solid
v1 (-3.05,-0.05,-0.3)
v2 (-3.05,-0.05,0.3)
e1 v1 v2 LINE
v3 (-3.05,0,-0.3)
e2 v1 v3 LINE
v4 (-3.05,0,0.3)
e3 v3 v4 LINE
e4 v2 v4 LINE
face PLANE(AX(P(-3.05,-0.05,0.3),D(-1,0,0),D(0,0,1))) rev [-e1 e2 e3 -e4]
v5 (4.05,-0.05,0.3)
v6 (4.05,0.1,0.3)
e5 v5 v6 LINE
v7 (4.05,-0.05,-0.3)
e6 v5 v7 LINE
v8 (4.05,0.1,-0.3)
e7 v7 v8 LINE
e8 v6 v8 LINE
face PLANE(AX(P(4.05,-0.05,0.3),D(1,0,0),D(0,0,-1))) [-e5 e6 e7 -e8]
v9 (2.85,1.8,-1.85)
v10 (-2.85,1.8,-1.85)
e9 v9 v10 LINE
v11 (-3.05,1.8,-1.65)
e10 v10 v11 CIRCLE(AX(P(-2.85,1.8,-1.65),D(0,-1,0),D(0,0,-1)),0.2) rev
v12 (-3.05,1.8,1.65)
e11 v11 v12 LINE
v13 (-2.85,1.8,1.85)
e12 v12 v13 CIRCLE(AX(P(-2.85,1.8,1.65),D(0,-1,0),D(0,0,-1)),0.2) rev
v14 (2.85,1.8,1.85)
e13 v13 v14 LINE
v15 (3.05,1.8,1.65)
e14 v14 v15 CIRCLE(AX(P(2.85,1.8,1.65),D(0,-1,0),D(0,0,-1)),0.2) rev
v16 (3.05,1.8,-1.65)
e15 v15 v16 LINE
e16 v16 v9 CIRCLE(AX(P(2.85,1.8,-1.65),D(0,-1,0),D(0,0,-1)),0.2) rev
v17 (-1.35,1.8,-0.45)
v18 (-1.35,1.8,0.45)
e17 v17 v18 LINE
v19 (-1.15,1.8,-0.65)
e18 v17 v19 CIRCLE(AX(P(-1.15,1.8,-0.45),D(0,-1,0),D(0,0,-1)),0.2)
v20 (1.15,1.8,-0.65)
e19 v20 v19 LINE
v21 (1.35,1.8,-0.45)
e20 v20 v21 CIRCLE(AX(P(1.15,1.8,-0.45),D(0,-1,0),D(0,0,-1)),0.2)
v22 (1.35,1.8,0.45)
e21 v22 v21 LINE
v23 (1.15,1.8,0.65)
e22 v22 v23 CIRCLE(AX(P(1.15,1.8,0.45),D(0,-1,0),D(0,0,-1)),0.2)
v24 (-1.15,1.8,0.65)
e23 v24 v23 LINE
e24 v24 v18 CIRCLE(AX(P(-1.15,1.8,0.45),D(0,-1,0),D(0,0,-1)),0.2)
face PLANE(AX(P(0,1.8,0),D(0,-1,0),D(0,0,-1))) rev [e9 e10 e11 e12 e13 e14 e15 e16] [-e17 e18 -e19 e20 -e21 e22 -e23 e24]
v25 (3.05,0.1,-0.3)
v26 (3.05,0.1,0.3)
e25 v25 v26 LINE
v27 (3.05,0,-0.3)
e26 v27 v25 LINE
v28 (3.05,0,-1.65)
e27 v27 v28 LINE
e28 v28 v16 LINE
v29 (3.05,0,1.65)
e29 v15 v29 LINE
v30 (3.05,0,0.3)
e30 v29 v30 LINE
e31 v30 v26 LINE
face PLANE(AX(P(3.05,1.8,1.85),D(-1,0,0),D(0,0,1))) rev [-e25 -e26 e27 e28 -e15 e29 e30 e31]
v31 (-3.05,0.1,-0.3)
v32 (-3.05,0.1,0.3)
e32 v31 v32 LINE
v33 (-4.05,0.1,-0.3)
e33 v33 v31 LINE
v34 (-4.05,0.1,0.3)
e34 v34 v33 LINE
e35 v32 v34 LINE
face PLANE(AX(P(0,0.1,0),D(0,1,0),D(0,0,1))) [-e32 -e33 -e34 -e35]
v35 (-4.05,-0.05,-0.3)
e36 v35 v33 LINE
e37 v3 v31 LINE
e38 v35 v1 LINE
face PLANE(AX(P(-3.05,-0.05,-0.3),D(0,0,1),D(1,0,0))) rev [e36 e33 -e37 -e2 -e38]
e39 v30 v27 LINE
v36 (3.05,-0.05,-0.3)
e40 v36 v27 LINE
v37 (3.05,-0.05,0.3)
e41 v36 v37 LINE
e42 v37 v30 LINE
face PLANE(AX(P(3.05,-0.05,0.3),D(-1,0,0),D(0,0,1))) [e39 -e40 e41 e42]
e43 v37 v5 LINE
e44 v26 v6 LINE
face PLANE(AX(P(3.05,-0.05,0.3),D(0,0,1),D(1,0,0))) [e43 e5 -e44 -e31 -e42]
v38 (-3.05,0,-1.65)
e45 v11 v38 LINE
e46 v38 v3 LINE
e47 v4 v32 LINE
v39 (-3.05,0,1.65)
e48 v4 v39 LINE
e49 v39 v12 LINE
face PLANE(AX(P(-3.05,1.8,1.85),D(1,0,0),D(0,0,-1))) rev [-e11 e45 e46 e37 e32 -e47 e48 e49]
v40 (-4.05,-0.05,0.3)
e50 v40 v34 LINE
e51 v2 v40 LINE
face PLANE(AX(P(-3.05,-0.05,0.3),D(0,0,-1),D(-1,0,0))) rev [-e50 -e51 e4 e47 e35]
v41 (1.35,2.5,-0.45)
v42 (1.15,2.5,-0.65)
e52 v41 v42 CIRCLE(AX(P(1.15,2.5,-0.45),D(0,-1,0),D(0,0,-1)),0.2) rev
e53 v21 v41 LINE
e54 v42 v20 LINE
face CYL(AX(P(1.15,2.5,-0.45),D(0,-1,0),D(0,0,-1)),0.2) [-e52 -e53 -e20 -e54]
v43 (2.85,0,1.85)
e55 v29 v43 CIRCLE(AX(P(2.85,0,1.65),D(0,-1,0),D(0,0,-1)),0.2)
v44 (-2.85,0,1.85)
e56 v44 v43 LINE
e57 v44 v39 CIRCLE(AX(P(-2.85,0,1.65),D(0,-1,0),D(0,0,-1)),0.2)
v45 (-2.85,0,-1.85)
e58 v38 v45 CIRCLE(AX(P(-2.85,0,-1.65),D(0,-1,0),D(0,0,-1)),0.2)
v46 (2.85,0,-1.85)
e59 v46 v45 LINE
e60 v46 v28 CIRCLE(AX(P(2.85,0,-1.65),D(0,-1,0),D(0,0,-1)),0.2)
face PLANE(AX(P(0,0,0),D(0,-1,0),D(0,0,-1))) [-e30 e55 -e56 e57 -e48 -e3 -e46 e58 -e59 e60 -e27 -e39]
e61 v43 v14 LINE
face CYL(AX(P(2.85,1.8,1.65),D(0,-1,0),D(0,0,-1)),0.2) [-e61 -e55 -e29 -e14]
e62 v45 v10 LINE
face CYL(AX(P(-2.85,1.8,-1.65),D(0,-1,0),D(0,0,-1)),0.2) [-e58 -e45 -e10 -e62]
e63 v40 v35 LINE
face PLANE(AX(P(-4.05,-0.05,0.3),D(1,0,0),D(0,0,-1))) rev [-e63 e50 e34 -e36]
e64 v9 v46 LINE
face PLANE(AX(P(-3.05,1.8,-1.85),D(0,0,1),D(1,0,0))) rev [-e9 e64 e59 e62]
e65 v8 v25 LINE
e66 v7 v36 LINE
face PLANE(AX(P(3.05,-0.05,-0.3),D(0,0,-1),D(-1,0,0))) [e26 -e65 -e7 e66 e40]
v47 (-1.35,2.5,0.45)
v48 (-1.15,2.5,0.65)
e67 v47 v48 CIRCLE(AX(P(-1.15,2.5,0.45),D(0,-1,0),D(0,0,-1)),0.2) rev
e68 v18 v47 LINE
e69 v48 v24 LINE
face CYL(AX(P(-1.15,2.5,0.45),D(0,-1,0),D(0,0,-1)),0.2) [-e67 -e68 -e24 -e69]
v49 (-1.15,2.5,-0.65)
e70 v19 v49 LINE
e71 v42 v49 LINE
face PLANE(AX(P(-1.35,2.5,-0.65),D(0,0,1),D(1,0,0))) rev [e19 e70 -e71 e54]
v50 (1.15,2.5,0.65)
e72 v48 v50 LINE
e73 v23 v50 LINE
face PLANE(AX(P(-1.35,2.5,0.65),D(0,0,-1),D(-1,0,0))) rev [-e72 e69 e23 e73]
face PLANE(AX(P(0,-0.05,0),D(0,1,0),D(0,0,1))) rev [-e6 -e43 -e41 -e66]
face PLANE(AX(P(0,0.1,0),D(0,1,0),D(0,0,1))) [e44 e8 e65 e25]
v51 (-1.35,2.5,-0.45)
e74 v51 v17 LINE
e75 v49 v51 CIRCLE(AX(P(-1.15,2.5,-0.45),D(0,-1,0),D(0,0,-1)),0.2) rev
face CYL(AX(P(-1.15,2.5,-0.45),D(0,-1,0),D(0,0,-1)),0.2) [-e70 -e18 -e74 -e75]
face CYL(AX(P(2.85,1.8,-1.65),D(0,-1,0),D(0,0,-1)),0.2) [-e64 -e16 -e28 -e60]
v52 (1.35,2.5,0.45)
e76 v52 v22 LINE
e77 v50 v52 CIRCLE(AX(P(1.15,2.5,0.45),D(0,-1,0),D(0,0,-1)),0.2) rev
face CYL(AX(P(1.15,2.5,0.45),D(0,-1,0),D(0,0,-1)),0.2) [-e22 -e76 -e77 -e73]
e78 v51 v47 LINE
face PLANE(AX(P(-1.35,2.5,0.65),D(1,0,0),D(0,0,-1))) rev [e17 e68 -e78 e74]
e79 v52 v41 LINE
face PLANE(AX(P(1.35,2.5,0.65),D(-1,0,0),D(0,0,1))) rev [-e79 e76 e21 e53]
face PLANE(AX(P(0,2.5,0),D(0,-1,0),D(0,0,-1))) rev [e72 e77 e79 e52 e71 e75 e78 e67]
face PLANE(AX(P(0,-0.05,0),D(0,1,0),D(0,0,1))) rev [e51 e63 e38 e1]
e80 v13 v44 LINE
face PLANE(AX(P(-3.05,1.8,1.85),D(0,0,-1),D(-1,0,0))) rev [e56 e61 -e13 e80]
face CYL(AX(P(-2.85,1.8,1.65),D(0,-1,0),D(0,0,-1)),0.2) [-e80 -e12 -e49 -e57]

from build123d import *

# Parameters (mm, degrees)
SKETCH_1_W      = 6.1
SKETCH_1_H      = 3.7
EXTRUDE_1_DEPTH = 1.8
SKETCH_3_W      = 2.7
SKETCH_3_H      = 1.3
EXTRUDE_2_DEPTH = 0.7
EXTRUDE_START   = -0.1
SKETCH_4_W      = 1
SKETCH_4_H      = 0.6
EXTRUDE_3_DEPTH = 0.15
FILLET_1_R      = 0.2
FILLET_2_R      = 0.2


with BuildPart() as part:
    # Эскиз1 → Бобышка-Вытянуть1 (new body)
    with BuildSketch(Plane(origin=(0, 0, 0), x_dir=(1, 0, 0), z_dir=(0, 1, 0))):
        Rectangle(SKETCH_1_W, SKETCH_1_H)
    extrude(amount=EXTRUDE_1_DEPTH)

    # Эскиз3 → Бобышка-Вытянуть2 (add)
    with BuildSketch(Plane(origin=(0, 1.8, 0), x_dir=(1, 0, 0), z_dir=(0, 1, 0))):
        Rectangle(SKETCH_3_W, SKETCH_3_H)
    extrude(amount=EXTRUDE_2_DEPTH)

    # Эскиз4 → Бобышка-Вытянуть3 (add)
    with BuildSketch(Plane.XZ.offset(EXTRUDE_START)):
        with Locations((-3.55, 0)):
            Rectangle(SKETCH_4_W, SKETCH_4_H)
    extrude_3 = extrude(amount=EXTRUDE_3_DEPTH)

    # Зеркальное отражение1: Бобышка-Вытянуть3 across plane
    add(extrude_3.mirror(Plane(origin=(0, 0, 0), x_dir=(0, 0, 1), z_dir=(1, 0, 0))))

    # Скругление1
    fillet_1_edges = [part.edges().sort_by_distance(p)[0] for p in [
        (1.35, 2.15, 0.65),
        (1.35, 2.15, -0.65),
        (-1.35, 2.15, -0.65),
        (-1.35, 2.15, 0.65),
    ]]
    fillet(fillet_1_edges, radius=FILLET_1_R)

    # Скругление2
    fillet_2_edges = [part.edges().sort_by_distance(p)[0] for p in [
        (3.05, 0.9, 1.85),
        (-3.05, 0.9, 1.85),
        (-3.05, 0.9, -1.85),
        (3.05, 0.9, -1.85),
    ]]
    fillet(fillet_2_edges, radius=FILLET_2_R)


solid = part.part
